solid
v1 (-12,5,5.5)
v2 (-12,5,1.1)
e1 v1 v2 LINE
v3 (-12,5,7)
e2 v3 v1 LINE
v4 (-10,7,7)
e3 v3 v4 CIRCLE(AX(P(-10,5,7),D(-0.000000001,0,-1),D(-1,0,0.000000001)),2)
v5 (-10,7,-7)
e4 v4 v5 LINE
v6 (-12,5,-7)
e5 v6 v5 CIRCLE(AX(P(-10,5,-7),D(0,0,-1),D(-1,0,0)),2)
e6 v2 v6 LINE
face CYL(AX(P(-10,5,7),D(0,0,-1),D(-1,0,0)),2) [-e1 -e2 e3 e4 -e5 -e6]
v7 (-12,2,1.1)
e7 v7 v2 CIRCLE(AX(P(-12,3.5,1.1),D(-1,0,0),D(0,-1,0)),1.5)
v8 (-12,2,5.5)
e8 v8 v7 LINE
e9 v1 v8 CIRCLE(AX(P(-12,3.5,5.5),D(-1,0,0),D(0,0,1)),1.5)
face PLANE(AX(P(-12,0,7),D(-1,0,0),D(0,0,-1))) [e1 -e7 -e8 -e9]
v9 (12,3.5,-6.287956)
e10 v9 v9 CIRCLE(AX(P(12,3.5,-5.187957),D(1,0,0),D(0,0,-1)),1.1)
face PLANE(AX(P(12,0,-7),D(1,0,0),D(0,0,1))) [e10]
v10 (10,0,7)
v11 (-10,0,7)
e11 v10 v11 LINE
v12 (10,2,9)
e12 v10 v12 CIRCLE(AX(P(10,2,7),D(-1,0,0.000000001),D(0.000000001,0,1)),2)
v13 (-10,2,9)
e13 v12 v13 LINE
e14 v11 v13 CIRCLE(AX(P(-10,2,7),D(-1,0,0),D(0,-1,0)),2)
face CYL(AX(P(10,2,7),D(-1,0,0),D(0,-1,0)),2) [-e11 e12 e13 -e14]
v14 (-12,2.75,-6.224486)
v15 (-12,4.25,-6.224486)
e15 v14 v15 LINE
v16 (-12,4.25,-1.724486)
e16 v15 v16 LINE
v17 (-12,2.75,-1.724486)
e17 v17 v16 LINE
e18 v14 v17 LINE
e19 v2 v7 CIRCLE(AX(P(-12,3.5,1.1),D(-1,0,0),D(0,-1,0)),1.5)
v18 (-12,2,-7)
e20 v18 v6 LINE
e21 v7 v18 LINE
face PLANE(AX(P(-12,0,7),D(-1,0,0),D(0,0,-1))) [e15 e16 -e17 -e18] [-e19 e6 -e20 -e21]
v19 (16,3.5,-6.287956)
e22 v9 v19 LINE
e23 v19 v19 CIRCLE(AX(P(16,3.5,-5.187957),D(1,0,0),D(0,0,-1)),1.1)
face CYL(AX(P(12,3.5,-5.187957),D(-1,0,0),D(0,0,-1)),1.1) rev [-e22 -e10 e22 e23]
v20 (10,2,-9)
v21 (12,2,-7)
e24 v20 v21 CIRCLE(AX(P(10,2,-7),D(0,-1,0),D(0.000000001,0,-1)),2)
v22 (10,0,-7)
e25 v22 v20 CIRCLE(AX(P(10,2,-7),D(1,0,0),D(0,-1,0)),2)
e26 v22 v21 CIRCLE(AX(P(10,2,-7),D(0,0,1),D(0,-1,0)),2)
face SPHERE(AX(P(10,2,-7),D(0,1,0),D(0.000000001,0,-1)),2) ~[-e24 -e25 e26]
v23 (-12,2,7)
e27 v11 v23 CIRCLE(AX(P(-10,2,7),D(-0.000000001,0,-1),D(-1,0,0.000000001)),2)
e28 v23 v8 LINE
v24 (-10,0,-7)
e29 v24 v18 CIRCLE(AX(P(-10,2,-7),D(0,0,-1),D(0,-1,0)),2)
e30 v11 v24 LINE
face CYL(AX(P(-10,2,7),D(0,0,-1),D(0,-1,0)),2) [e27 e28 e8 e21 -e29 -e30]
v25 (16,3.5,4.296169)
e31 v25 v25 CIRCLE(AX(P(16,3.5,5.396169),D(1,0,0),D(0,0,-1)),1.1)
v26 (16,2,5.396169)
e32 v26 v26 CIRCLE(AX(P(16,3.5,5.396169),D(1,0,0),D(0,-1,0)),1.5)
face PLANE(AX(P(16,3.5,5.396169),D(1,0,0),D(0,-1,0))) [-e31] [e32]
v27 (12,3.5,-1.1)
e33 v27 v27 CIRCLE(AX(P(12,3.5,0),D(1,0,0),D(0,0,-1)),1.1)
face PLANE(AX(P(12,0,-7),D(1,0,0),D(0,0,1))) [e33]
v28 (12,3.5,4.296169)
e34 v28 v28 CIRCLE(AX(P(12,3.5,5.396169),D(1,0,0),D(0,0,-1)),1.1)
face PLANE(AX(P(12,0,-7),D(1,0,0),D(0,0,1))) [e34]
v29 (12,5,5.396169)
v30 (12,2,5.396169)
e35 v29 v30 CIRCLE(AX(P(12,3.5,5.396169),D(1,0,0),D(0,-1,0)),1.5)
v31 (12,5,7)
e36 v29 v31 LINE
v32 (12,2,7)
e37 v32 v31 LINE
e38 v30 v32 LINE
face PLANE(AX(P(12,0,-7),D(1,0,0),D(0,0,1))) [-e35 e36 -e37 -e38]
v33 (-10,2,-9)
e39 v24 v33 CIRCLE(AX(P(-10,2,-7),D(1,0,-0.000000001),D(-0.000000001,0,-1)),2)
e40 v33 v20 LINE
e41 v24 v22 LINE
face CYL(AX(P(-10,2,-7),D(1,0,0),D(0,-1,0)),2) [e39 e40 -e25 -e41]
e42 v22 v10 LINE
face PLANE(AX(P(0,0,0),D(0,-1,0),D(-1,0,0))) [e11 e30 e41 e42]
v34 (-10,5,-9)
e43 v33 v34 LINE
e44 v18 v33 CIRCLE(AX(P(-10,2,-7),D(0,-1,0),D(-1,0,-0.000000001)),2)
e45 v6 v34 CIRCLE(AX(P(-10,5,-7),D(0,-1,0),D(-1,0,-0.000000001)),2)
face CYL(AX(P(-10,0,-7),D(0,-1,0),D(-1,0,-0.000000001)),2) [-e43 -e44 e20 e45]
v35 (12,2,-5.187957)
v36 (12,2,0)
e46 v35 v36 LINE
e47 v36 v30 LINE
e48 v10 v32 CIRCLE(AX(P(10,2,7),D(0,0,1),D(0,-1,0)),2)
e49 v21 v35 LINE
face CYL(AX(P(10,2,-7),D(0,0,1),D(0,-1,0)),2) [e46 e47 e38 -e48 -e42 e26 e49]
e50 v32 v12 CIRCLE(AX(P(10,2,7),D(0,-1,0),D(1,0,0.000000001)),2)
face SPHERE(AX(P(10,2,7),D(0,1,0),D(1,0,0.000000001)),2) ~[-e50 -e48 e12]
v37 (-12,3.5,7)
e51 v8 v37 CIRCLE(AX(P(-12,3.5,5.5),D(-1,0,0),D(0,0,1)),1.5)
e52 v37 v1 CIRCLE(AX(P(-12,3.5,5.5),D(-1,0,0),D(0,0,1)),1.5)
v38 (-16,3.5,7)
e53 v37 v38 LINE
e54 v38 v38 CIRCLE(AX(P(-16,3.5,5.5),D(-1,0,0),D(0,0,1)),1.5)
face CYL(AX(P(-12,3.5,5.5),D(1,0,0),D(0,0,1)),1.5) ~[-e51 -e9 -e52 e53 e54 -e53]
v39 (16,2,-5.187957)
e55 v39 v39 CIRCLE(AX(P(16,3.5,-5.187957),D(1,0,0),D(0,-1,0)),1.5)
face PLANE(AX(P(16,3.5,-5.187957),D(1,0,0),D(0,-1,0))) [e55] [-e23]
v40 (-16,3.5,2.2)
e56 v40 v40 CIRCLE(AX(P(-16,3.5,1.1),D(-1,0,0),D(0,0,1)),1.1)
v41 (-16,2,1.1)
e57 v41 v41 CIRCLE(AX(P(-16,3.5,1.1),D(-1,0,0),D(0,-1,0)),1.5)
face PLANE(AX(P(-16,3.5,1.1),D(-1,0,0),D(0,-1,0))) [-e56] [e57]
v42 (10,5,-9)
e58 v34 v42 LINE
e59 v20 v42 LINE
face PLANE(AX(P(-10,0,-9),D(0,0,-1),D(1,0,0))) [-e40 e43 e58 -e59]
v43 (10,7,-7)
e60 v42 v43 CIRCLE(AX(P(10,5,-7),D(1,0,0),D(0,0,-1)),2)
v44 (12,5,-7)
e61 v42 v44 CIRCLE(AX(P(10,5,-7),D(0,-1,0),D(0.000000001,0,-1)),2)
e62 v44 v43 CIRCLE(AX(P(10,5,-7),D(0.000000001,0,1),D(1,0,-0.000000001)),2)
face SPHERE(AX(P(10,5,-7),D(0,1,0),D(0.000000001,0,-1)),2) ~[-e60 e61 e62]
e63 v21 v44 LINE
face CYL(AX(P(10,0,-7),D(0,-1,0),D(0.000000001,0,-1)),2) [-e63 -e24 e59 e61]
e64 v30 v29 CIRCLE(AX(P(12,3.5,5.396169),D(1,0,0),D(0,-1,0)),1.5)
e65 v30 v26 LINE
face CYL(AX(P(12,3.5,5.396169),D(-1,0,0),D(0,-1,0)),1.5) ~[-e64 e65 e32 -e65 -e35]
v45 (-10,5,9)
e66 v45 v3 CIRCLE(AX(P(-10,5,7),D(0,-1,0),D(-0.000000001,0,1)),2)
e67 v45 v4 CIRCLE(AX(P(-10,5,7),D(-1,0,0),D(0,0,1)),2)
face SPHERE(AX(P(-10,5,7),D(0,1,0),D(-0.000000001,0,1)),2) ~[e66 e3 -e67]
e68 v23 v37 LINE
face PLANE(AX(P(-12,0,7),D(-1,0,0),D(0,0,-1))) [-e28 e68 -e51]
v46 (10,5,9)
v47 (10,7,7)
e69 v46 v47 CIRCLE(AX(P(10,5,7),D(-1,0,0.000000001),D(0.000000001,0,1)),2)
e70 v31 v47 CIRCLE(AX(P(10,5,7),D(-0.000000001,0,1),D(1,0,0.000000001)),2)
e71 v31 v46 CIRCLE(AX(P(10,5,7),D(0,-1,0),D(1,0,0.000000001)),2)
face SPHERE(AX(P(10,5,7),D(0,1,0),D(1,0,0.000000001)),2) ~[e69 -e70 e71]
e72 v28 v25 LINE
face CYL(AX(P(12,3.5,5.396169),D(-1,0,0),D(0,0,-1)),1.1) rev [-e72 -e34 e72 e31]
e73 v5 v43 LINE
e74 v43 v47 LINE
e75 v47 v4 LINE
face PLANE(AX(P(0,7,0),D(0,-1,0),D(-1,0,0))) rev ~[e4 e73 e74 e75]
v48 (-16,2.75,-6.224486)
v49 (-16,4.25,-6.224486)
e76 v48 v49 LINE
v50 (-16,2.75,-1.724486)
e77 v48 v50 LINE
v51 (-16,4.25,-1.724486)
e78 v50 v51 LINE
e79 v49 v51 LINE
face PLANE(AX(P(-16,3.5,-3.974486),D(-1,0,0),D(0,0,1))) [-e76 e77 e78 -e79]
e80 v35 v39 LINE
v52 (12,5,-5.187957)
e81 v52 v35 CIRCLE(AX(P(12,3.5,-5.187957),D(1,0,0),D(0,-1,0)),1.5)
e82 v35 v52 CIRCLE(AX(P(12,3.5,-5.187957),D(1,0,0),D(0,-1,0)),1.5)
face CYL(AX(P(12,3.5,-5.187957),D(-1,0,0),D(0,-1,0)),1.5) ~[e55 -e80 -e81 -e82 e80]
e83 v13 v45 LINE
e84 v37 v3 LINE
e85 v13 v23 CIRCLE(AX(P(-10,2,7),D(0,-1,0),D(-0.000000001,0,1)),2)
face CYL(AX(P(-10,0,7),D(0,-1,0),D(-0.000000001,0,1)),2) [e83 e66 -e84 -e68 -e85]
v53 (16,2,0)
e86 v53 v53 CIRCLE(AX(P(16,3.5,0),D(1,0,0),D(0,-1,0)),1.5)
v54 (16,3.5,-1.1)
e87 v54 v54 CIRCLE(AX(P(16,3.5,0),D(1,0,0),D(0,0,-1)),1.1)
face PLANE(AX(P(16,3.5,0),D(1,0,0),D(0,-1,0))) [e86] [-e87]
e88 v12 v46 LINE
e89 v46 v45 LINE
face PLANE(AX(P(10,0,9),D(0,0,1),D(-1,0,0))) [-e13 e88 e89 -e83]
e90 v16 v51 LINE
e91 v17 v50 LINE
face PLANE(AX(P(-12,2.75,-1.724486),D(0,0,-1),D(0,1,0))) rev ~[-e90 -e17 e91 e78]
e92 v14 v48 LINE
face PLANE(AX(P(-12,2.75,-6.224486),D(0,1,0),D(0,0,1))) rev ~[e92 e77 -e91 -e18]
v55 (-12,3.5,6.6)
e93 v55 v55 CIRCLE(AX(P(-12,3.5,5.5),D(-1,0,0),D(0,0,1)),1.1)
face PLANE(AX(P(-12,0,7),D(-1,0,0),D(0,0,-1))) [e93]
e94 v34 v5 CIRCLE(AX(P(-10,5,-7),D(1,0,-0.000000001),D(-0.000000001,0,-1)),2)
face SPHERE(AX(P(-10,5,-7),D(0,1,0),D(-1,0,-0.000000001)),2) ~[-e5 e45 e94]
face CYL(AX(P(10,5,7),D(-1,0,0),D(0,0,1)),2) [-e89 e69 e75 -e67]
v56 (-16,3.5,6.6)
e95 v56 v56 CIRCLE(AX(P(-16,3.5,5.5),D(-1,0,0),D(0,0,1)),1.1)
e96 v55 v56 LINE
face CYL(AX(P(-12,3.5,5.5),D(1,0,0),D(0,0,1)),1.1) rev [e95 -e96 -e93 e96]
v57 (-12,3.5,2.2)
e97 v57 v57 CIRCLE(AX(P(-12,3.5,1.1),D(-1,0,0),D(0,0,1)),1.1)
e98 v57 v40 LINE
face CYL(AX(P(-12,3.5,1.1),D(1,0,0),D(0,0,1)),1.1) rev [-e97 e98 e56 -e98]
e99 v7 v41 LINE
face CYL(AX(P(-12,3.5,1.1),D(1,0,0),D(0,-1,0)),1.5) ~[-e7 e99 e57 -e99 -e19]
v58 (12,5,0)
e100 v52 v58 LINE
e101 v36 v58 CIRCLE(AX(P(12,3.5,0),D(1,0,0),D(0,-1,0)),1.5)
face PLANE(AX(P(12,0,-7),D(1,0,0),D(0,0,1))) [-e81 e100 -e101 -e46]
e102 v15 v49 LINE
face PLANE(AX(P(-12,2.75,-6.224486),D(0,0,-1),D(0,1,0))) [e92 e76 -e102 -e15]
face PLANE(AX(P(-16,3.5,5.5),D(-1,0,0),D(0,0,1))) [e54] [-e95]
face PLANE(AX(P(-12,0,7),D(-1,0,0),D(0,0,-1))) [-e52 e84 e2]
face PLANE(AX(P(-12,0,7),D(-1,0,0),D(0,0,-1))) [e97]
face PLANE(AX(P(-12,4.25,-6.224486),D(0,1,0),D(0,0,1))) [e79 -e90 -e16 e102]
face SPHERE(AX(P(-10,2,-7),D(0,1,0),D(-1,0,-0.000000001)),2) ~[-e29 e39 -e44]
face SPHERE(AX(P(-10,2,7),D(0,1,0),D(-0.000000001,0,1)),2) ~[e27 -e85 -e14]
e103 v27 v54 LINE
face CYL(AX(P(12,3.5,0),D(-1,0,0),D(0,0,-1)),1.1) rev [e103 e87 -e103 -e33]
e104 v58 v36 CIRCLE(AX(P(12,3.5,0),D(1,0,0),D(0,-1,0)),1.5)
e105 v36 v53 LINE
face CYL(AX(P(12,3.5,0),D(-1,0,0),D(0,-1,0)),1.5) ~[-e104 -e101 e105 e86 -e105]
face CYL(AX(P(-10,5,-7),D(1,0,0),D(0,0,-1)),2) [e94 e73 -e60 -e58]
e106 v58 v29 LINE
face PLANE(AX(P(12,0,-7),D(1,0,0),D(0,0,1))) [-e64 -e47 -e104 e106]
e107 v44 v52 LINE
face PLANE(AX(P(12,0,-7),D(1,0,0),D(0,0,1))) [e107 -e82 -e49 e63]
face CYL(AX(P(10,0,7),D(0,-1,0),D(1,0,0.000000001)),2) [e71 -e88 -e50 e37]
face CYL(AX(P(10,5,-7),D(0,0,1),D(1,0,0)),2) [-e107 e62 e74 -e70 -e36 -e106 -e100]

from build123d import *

# Parameters (mm, degrees)
BOSS_EXTRUDE1_DEPTH = 7
FILLET1_R           = 2
FILLET2_R           = 2
SKETCH2_R           = 1.5
SKETCH2_R_2         = 1.1
BOSS_EXTRUDE2_DEPTH = 4
SKETCH3_R           = 1.5
SKETCH3_R_2         = 1.1
SKETCH3_W           = 4.5
SKETCH3_H           = 1.5
BOSS_EXTRUDE3_DEPTH = 4


with BuildPart() as part:
    # Sketch1 → Boss-Extrude1 (new body)
    with BuildSketch(Plane(origin=(0, 0, 0), x_dir=(1, 0, 0), z_dir=(0, 1, 0))):
        with BuildLine():
            Line((10, -9), (-10, -9))
            ThreePointArc((-10, -9), (-11.414213562, -8.414213562), (-12, -7))
            Line((-12, -7), (-12, 7))
            ThreePointArc((-12, 7), (-11.414213562, 8.414213562), (-10, 9))
            Line((-10, 9), (10, 9))
            ThreePointArc((10, 9), (11.414213562, 8.414213562), (12, 7))
            Line((12, 7), (12, -7))
            ThreePointArc((12, -7), (11.414213562, -8.414213562), (10, -9))
        make_face()
    extrude(amount=BOSS_EXTRUDE1_DEPTH)

    # Fillet1
    fillet1_edges = [part.edges().sort_by_distance(p)[0] for p in [
        (11.414213562, 7, 8.414213562),
        (12, 7, 0),
        (11.414213562, 7, -8.414213562),
        (0, 7, -9),
        (-11.414213562, 7, -8.414213562),
        (-12, 7, 0),
        (-11.414213562, 7, 8.414213562),
        (0, 7, 9),
    ]]
    fillet(fillet1_edges, radius=FILLET1_R)

    # Fillet2
    fillet2_edges = [part.edges().sort_by_distance(p)[0] for p in [
        (12, 0, 0),
        (11.414213562, 0, 8.414213562),
        (0, 0, 9),
        (-11.414213562, 0, 8.414213562),
        (-12, 0, 0),
        (-11.414213562, 0, -8.414213562),
        (0, 0, -9),
        (11.414213562, 0, -8.414213562),
    ]]
    fillet(fillet2_edges, radius=FILLET2_R)

    # Sketch2 → Boss-Extrude2 (add)
    # profile 1 of 3: a face of its own
    with BuildSketch(Plane(origin=(12, 0, 0), x_dir=(0, 0, -1), z_dir=(1, 0, 0))):
        with Locations(Location((0, 3.5, 0), (0, 0, 270))):
            Circle(SKETCH2_R)
        with Locations((0, 3.5)):
            Circle(SKETCH2_R_2, mode=Mode.SUBTRACT)
    # profile 2 of 3: a face of its own
    with BuildSketch(Plane(origin=(12, 0, 0), x_dir=(0, 0, -1), z_dir=(1, 0, 0))):
        with Locations(Location((5.1879565, 3.5, 0), (0, 0, 270))):
            Circle(SKETCH2_R)
        with Locations((5.1879565, 3.5)):
            Circle(SKETCH2_R_2, mode=Mode.SUBTRACT)
    # profile 3 of 3: a face of its own
    with BuildSketch(Plane(origin=(12, 0, 0), x_dir=(0, 0, -1), z_dir=(1, 0, 0))):
        with Locations(Location((-5.396168524, 3.5, 0), (0, 0, 270))):
            Circle(SKETCH2_R)
        with Locations((-5.396168524, 3.5)):
            Circle(SKETCH2_R_2, mode=Mode.SUBTRACT)
    extrude(amount=BOSS_EXTRUDE2_DEPTH)

    # Sketch3 → Boss-Extrude3 (add)
    # profile 1 of 3: a face of its own
    with BuildSketch(Plane.ZY.offset(12)):
        with Locations((5.5, 3.5)):
            Circle(SKETCH3_R)
        with Locations((5.5, 3.5)):
            Circle(SKETCH3_R_2, mode=Mode.SUBTRACT)
    # profile 2 of 3: a face of its own
    with BuildSketch(Plane.ZY.offset(12)):
        with Locations(Location((1.1, 3.5, 0), (0, 0, 270))):
            Circle(SKETCH3_R)
        with Locations((1.1, 3.5)):
            Circle(SKETCH3_R_2, mode=Mode.SUBTRACT)
    # profile 3 of 3: a face of its own
    with BuildSketch(Plane.ZY.offset(12)):
        with Locations((-3.974486265, 3.5)):
            Rectangle(SKETCH3_W, SKETCH3_H)
    extrude(amount=BOSS_EXTRUDE3_DEPTH)


solid = part.part
